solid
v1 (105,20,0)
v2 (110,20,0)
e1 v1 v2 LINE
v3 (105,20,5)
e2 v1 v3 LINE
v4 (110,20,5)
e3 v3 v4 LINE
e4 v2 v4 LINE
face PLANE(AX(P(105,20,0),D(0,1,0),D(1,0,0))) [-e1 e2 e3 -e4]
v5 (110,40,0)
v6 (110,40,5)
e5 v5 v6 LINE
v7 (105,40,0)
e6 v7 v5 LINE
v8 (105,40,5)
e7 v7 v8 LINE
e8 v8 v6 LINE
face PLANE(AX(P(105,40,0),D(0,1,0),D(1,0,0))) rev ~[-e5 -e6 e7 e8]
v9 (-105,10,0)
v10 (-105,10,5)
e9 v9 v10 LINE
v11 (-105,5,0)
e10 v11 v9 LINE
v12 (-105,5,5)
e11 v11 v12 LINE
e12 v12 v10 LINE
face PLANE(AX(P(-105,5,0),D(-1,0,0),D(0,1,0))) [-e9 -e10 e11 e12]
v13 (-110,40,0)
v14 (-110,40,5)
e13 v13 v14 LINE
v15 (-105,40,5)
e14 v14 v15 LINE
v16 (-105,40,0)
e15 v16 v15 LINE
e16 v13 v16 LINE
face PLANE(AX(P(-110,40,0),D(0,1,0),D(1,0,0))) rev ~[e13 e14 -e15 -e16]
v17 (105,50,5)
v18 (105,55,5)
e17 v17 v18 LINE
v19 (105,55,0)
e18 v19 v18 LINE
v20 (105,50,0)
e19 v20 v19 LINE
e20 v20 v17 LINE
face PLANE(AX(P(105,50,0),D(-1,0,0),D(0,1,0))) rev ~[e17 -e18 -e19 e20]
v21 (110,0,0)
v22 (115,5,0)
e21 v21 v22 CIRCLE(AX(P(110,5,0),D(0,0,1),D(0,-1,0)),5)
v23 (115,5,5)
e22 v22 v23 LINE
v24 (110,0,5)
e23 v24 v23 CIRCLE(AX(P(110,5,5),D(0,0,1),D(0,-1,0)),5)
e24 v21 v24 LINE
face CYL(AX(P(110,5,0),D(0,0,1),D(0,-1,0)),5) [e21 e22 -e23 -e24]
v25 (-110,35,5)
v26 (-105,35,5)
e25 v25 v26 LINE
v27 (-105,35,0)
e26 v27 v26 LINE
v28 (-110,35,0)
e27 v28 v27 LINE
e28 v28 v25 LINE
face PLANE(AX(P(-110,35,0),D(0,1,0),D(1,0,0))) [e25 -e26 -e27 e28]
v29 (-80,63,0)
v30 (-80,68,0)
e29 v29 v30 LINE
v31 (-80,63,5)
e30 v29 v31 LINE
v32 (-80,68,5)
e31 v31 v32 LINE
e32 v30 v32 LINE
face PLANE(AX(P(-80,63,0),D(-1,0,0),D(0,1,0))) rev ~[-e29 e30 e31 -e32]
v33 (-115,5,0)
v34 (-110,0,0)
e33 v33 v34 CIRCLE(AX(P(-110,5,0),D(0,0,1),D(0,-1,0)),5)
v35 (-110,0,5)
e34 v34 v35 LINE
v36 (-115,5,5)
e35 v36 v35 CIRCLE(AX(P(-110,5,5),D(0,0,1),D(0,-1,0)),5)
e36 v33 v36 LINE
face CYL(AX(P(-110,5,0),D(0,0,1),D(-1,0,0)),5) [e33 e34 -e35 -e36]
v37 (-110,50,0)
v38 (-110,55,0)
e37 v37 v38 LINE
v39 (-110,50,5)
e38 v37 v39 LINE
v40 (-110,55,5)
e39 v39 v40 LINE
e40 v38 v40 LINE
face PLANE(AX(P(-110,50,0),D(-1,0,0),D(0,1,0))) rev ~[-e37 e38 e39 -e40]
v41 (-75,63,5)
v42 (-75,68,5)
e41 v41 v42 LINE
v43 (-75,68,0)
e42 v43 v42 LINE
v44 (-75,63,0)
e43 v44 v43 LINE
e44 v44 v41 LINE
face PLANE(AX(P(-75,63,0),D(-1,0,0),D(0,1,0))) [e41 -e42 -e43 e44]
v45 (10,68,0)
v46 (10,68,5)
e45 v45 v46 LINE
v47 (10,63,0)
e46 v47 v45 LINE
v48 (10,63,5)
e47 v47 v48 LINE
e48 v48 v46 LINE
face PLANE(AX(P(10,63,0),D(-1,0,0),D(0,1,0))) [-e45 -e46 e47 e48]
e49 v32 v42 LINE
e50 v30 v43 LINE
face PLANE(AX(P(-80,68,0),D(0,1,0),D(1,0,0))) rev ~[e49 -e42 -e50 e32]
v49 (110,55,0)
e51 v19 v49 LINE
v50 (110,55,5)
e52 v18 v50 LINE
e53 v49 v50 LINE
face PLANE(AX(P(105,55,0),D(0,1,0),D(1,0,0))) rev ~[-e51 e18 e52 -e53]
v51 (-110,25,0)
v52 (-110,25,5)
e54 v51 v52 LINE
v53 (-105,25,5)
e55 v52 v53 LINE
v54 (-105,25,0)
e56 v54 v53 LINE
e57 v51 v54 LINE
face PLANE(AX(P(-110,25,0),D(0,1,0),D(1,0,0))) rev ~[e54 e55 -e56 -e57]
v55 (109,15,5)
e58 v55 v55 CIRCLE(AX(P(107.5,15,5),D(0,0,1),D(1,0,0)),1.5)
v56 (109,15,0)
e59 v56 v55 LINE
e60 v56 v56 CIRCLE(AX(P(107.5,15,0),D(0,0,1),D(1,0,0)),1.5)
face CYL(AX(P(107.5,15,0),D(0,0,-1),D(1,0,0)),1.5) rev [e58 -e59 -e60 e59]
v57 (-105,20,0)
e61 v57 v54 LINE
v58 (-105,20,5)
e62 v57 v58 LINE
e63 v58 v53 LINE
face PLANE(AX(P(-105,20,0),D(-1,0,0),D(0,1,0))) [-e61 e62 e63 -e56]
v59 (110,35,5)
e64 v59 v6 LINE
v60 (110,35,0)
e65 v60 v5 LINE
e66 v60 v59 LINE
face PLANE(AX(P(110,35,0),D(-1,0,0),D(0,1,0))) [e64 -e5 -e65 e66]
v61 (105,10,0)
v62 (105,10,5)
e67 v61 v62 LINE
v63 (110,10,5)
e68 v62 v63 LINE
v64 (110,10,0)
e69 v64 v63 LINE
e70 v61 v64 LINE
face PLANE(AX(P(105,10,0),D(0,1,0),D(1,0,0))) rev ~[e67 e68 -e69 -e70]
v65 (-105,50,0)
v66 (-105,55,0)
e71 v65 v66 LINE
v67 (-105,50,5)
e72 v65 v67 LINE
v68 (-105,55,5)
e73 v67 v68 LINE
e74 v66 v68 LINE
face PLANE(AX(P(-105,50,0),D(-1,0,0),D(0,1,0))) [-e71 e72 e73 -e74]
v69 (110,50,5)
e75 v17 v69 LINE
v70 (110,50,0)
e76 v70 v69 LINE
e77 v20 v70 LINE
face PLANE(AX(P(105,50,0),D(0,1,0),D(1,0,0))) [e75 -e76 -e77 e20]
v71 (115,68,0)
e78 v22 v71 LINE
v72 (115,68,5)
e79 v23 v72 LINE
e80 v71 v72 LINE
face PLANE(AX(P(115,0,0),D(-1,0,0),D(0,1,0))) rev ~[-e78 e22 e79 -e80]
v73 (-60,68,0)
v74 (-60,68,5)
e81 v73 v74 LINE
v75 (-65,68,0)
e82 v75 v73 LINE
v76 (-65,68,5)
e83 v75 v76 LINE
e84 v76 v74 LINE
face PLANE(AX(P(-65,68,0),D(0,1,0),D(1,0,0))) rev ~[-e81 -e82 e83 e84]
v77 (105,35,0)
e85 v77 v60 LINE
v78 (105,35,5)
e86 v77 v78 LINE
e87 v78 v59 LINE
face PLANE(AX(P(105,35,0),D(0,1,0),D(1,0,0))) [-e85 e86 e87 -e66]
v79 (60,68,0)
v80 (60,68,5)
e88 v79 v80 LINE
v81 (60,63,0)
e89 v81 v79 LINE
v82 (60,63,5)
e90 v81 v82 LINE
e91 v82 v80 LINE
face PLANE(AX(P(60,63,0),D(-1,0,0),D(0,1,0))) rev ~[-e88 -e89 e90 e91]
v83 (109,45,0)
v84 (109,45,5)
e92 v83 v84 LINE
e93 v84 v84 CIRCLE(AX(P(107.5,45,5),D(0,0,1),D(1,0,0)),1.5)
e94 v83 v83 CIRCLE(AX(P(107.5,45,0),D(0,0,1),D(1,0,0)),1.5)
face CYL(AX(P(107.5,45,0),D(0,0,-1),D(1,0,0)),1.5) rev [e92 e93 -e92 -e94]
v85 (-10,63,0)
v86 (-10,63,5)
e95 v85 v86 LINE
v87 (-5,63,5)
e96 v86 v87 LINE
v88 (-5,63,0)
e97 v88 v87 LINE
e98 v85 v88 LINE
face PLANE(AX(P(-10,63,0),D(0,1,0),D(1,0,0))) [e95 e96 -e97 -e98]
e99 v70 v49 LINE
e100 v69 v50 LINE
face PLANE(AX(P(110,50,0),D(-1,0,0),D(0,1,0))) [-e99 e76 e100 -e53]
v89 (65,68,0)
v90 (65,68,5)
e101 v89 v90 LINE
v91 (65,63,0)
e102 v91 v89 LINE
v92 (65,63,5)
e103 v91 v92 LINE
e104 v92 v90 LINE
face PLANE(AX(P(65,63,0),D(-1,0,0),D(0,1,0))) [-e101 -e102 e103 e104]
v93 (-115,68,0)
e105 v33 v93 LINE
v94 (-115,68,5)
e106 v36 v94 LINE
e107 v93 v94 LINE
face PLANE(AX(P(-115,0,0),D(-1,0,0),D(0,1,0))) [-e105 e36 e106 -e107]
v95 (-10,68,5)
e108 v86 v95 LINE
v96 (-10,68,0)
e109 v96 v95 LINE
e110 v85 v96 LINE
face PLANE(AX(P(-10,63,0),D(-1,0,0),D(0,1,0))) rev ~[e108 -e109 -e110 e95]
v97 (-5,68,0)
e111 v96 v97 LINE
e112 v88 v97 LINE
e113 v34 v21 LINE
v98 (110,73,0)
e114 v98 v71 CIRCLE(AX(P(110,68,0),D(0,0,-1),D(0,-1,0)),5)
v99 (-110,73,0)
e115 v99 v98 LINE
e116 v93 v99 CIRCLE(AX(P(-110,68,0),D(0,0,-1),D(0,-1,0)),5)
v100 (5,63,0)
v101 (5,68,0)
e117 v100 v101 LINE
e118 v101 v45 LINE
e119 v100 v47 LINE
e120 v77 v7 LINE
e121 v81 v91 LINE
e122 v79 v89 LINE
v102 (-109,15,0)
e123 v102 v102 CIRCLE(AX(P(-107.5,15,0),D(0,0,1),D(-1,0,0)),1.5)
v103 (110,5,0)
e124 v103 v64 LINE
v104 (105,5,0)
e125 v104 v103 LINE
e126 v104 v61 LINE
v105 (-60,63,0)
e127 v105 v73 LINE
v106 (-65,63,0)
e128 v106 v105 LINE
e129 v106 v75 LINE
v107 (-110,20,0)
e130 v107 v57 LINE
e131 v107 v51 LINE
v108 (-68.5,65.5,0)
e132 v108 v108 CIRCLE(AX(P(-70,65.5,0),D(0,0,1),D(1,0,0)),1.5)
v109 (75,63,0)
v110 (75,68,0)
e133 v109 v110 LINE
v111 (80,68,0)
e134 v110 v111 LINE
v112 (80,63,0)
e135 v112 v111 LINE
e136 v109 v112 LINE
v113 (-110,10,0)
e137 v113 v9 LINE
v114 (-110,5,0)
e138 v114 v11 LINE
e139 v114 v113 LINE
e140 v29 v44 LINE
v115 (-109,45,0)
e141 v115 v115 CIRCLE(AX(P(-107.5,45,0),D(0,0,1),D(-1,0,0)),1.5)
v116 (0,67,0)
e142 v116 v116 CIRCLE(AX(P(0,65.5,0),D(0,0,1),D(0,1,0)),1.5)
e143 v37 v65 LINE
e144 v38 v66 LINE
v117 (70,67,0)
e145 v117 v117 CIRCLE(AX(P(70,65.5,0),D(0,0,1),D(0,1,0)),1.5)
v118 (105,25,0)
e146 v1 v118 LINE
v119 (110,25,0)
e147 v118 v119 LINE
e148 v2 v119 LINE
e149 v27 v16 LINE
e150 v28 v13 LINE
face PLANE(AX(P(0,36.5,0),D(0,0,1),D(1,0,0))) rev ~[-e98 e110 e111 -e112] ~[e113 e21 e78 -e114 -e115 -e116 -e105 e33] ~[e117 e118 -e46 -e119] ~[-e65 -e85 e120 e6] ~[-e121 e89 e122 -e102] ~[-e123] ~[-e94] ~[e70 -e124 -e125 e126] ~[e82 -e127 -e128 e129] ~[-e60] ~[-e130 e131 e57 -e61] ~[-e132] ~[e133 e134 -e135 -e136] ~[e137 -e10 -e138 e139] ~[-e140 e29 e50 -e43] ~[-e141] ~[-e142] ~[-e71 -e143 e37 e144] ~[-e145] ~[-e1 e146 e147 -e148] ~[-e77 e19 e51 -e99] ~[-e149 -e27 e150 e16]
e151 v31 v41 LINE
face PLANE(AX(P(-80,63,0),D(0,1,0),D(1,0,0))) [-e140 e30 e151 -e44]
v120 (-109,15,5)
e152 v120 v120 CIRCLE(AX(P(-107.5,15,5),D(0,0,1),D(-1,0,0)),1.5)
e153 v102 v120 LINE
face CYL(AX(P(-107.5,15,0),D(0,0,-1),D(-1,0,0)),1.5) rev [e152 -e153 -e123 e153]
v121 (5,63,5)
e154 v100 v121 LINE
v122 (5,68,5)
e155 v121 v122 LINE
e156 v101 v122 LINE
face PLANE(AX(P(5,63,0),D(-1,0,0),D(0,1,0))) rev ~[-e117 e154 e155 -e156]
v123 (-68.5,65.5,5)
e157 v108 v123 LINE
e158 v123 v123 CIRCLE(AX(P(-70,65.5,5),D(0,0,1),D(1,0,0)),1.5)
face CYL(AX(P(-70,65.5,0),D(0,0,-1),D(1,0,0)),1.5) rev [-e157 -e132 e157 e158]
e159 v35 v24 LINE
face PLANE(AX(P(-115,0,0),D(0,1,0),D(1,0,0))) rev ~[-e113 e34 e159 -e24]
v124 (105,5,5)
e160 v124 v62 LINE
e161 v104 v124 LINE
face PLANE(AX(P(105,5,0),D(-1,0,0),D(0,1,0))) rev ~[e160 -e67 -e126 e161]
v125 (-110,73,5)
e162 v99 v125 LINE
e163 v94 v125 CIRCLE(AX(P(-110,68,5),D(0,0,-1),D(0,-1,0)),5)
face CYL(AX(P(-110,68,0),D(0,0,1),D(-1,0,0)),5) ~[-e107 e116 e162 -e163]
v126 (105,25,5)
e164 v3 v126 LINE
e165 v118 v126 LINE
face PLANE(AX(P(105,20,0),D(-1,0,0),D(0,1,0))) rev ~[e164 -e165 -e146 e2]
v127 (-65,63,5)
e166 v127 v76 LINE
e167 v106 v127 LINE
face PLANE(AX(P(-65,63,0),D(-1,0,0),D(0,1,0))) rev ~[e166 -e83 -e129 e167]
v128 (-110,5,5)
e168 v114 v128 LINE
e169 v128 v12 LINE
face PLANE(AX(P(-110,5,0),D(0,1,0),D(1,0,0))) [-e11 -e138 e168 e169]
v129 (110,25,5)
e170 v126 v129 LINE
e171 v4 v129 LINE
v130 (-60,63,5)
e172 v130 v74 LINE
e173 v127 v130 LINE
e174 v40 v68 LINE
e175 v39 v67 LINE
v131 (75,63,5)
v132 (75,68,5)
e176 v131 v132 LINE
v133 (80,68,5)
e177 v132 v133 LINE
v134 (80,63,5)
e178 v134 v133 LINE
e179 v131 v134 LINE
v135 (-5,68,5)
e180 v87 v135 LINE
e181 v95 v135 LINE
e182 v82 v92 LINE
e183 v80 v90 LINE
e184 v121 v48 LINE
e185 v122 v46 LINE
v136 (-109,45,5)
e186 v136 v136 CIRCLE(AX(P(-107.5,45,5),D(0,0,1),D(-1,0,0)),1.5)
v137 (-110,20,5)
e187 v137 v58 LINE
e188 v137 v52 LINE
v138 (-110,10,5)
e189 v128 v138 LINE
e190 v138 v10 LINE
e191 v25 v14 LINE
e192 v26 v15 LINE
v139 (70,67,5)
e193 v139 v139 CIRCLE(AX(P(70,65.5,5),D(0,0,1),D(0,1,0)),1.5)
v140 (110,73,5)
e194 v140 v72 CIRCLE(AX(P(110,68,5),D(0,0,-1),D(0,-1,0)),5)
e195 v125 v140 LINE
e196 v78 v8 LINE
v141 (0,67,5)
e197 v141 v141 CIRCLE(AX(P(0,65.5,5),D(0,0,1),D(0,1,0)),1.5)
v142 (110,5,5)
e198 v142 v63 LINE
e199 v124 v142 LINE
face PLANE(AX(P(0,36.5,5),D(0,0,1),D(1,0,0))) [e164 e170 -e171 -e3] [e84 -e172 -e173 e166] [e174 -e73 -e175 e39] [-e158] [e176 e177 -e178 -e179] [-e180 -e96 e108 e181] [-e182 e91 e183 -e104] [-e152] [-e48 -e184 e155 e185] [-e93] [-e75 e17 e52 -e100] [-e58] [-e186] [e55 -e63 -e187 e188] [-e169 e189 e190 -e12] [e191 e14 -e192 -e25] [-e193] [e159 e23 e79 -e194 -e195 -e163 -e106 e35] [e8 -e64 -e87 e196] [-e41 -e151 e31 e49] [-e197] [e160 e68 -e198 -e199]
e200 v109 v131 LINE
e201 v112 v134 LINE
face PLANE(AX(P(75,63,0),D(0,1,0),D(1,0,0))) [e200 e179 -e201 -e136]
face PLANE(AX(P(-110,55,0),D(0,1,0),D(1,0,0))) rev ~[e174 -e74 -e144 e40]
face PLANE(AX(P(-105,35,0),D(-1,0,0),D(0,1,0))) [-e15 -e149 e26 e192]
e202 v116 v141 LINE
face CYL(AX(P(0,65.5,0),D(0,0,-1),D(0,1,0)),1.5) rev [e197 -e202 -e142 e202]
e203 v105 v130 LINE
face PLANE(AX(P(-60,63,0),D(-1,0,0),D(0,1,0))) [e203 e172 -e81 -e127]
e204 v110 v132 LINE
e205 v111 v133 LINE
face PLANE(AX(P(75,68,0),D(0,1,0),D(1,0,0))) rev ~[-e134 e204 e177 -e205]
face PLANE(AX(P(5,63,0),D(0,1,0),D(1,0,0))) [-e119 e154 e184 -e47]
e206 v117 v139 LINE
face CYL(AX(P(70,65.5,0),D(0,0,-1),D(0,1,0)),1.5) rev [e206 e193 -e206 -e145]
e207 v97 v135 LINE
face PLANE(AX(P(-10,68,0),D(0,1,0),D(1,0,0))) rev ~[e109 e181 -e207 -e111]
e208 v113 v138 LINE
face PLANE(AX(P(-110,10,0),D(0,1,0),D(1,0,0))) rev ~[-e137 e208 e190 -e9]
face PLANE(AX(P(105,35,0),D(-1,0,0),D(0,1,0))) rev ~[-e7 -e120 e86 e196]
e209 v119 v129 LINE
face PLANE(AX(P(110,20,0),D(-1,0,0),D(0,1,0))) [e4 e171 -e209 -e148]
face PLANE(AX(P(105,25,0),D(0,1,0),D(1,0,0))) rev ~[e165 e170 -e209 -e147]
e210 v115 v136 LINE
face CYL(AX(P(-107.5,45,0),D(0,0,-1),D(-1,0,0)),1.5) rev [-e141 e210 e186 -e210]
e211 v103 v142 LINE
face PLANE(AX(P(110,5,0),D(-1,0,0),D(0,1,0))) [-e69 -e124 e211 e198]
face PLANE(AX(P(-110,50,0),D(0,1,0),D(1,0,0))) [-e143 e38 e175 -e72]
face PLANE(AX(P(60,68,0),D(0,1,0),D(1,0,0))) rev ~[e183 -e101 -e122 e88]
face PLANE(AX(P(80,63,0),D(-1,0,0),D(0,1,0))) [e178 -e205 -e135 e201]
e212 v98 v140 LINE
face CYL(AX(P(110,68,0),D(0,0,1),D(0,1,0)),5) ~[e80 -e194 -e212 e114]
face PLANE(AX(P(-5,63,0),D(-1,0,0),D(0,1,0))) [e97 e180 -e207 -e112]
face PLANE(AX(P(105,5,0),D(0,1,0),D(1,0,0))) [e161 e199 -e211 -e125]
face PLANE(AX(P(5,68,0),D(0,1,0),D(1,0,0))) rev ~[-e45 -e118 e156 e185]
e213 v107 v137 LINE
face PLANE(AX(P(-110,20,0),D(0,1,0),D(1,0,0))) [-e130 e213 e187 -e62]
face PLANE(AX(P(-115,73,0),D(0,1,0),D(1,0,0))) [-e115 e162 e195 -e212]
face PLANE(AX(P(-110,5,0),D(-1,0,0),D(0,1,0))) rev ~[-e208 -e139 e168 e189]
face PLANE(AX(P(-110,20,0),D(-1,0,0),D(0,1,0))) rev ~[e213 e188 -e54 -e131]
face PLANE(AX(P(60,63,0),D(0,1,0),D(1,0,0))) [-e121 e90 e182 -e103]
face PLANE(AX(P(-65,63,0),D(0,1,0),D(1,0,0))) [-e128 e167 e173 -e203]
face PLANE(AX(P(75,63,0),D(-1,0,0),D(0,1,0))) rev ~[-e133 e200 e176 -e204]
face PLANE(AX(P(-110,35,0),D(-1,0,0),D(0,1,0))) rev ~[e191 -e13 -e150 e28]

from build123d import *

# Parameters (mm, degrees)
ESQUISSE1_W        = 230
ESQUISSE1_H        = 73
ESQUISSE1_R        = 1.5
ESQUISSE1_W_2      = 5
ESQUISSE1_H_2      = 5
BOSS_EXTRU_1_DEPTH = 5
CONG_1_R           = 5


with BuildPart() as part:
    # Esquisse1 → Boss.-Extru.1 (new body)
    with BuildSketch(Plane.XY):
        with Locations((0, 36.5)):
            Rectangle(ESQUISSE1_W, ESQUISSE1_H)
        with Locations((107.5, 45)):
            Circle(ESQUISSE1_R, mode=Mode.SUBTRACT)
        with Locations((107.5, 15)):
            Circle(ESQUISSE1_R, mode=Mode.SUBTRACT)
        with Locations(Location((-107.5, 15, 0), (0, 0, 180))):
            Circle(ESQUISSE1_R, mode=Mode.SUBTRACT)
        with Locations(Location((-107.5, 45, 0), (0, 0, 180))):
            Circle(ESQUISSE1_R, mode=Mode.SUBTRACT)
        with Locations(Location((0, 65.5, 0), (0, 0, 90))):
            Circle(ESQUISSE1_R, mode=Mode.SUBTRACT)
        with Locations(Location((70, 65.5, 0), (0, 0, 90))):
            Circle(ESQUISSE1_R, mode=Mode.SUBTRACT)
        with Locations((-70, 65.5)):
            Circle(ESQUISSE1_R, mode=Mode.SUBTRACT)
        with Locations((107.5, 37.5)):
            Rectangle(ESQUISSE1_W_2, ESQUISSE1_H_2, mode=Mode.SUBTRACT)
        with Locations((107.5, 52.5)):
            Rectangle(ESQUISSE1_W_2, ESQUISSE1_H_2, mode=Mode.SUBTRACT)
        with Locations((107.5, 7.5)):
            Rectangle(ESQUISSE1_W_2, ESQUISSE1_H_2, mode=Mode.SUBTRACT)
        with Locations((107.5, 22.5)):
            Rectangle(ESQUISSE1_W_2, ESQUISSE1_H_2, mode=Mode.SUBTRACT)
        with Locations((-107.5, 7.5)):
            Rectangle(ESQUISSE1_W_2, ESQUISSE1_H_2, mode=Mode.SUBTRACT)
        with Locations((-107.5, 22.5)):
            Rectangle(ESQUISSE1_W_2, ESQUISSE1_H_2, mode=Mode.SUBTRACT)
        with Locations((-107.5, 37.5)):
            Rectangle(ESQUISSE1_W_2, ESQUISSE1_H_2, mode=Mode.SUBTRACT)
        with Locations((-107.5, 52.5)):
            Rectangle(ESQUISSE1_W_2, ESQUISSE1_H_2, mode=Mode.SUBTRACT)
        with Locations((7.5, 65.5)):
            Rectangle(ESQUISSE1_W_2, ESQUISSE1_H_2, mode=Mode.SUBTRACT)
        with Locations((-7.5, 65.5)):
            Rectangle(ESQUISSE1_W_2, ESQUISSE1_H_2, mode=Mode.SUBTRACT)
        with Locations((77.5, 65.5)):
            Rectangle(ESQUISSE1_W_2, ESQUISSE1_H_2, mode=Mode.SUBTRACT)
        with Locations((62.5, 65.5)):
            Rectangle(ESQUISSE1_W_2, ESQUISSE1_H_2, mode=Mode.SUBTRACT)
        with Locations((-77.5, 65.5)):
            Rectangle(ESQUISSE1_W_2, ESQUISSE1_H_2, mode=Mode.SUBTRACT)
        with Locations((-62.5, 65.5)):
            Rectangle(ESQUISSE1_W_2, ESQUISSE1_H_2, mode=Mode.SUBTRACT)
    extrude(amount=BOSS_EXTRU_1_DEPTH)

    # Congé1
    cong_1_edges = [part.edges().sort_by_distance(p)[0] for p in [
        (-115, 73, 2.5),
        (115, 73, 2.5),
        (115, 0, 2.5),
        (-115, 0, 2.5),
    ]]
    fillet(cong_1_edges, radius=CONG_1_R)


solid = part.part
